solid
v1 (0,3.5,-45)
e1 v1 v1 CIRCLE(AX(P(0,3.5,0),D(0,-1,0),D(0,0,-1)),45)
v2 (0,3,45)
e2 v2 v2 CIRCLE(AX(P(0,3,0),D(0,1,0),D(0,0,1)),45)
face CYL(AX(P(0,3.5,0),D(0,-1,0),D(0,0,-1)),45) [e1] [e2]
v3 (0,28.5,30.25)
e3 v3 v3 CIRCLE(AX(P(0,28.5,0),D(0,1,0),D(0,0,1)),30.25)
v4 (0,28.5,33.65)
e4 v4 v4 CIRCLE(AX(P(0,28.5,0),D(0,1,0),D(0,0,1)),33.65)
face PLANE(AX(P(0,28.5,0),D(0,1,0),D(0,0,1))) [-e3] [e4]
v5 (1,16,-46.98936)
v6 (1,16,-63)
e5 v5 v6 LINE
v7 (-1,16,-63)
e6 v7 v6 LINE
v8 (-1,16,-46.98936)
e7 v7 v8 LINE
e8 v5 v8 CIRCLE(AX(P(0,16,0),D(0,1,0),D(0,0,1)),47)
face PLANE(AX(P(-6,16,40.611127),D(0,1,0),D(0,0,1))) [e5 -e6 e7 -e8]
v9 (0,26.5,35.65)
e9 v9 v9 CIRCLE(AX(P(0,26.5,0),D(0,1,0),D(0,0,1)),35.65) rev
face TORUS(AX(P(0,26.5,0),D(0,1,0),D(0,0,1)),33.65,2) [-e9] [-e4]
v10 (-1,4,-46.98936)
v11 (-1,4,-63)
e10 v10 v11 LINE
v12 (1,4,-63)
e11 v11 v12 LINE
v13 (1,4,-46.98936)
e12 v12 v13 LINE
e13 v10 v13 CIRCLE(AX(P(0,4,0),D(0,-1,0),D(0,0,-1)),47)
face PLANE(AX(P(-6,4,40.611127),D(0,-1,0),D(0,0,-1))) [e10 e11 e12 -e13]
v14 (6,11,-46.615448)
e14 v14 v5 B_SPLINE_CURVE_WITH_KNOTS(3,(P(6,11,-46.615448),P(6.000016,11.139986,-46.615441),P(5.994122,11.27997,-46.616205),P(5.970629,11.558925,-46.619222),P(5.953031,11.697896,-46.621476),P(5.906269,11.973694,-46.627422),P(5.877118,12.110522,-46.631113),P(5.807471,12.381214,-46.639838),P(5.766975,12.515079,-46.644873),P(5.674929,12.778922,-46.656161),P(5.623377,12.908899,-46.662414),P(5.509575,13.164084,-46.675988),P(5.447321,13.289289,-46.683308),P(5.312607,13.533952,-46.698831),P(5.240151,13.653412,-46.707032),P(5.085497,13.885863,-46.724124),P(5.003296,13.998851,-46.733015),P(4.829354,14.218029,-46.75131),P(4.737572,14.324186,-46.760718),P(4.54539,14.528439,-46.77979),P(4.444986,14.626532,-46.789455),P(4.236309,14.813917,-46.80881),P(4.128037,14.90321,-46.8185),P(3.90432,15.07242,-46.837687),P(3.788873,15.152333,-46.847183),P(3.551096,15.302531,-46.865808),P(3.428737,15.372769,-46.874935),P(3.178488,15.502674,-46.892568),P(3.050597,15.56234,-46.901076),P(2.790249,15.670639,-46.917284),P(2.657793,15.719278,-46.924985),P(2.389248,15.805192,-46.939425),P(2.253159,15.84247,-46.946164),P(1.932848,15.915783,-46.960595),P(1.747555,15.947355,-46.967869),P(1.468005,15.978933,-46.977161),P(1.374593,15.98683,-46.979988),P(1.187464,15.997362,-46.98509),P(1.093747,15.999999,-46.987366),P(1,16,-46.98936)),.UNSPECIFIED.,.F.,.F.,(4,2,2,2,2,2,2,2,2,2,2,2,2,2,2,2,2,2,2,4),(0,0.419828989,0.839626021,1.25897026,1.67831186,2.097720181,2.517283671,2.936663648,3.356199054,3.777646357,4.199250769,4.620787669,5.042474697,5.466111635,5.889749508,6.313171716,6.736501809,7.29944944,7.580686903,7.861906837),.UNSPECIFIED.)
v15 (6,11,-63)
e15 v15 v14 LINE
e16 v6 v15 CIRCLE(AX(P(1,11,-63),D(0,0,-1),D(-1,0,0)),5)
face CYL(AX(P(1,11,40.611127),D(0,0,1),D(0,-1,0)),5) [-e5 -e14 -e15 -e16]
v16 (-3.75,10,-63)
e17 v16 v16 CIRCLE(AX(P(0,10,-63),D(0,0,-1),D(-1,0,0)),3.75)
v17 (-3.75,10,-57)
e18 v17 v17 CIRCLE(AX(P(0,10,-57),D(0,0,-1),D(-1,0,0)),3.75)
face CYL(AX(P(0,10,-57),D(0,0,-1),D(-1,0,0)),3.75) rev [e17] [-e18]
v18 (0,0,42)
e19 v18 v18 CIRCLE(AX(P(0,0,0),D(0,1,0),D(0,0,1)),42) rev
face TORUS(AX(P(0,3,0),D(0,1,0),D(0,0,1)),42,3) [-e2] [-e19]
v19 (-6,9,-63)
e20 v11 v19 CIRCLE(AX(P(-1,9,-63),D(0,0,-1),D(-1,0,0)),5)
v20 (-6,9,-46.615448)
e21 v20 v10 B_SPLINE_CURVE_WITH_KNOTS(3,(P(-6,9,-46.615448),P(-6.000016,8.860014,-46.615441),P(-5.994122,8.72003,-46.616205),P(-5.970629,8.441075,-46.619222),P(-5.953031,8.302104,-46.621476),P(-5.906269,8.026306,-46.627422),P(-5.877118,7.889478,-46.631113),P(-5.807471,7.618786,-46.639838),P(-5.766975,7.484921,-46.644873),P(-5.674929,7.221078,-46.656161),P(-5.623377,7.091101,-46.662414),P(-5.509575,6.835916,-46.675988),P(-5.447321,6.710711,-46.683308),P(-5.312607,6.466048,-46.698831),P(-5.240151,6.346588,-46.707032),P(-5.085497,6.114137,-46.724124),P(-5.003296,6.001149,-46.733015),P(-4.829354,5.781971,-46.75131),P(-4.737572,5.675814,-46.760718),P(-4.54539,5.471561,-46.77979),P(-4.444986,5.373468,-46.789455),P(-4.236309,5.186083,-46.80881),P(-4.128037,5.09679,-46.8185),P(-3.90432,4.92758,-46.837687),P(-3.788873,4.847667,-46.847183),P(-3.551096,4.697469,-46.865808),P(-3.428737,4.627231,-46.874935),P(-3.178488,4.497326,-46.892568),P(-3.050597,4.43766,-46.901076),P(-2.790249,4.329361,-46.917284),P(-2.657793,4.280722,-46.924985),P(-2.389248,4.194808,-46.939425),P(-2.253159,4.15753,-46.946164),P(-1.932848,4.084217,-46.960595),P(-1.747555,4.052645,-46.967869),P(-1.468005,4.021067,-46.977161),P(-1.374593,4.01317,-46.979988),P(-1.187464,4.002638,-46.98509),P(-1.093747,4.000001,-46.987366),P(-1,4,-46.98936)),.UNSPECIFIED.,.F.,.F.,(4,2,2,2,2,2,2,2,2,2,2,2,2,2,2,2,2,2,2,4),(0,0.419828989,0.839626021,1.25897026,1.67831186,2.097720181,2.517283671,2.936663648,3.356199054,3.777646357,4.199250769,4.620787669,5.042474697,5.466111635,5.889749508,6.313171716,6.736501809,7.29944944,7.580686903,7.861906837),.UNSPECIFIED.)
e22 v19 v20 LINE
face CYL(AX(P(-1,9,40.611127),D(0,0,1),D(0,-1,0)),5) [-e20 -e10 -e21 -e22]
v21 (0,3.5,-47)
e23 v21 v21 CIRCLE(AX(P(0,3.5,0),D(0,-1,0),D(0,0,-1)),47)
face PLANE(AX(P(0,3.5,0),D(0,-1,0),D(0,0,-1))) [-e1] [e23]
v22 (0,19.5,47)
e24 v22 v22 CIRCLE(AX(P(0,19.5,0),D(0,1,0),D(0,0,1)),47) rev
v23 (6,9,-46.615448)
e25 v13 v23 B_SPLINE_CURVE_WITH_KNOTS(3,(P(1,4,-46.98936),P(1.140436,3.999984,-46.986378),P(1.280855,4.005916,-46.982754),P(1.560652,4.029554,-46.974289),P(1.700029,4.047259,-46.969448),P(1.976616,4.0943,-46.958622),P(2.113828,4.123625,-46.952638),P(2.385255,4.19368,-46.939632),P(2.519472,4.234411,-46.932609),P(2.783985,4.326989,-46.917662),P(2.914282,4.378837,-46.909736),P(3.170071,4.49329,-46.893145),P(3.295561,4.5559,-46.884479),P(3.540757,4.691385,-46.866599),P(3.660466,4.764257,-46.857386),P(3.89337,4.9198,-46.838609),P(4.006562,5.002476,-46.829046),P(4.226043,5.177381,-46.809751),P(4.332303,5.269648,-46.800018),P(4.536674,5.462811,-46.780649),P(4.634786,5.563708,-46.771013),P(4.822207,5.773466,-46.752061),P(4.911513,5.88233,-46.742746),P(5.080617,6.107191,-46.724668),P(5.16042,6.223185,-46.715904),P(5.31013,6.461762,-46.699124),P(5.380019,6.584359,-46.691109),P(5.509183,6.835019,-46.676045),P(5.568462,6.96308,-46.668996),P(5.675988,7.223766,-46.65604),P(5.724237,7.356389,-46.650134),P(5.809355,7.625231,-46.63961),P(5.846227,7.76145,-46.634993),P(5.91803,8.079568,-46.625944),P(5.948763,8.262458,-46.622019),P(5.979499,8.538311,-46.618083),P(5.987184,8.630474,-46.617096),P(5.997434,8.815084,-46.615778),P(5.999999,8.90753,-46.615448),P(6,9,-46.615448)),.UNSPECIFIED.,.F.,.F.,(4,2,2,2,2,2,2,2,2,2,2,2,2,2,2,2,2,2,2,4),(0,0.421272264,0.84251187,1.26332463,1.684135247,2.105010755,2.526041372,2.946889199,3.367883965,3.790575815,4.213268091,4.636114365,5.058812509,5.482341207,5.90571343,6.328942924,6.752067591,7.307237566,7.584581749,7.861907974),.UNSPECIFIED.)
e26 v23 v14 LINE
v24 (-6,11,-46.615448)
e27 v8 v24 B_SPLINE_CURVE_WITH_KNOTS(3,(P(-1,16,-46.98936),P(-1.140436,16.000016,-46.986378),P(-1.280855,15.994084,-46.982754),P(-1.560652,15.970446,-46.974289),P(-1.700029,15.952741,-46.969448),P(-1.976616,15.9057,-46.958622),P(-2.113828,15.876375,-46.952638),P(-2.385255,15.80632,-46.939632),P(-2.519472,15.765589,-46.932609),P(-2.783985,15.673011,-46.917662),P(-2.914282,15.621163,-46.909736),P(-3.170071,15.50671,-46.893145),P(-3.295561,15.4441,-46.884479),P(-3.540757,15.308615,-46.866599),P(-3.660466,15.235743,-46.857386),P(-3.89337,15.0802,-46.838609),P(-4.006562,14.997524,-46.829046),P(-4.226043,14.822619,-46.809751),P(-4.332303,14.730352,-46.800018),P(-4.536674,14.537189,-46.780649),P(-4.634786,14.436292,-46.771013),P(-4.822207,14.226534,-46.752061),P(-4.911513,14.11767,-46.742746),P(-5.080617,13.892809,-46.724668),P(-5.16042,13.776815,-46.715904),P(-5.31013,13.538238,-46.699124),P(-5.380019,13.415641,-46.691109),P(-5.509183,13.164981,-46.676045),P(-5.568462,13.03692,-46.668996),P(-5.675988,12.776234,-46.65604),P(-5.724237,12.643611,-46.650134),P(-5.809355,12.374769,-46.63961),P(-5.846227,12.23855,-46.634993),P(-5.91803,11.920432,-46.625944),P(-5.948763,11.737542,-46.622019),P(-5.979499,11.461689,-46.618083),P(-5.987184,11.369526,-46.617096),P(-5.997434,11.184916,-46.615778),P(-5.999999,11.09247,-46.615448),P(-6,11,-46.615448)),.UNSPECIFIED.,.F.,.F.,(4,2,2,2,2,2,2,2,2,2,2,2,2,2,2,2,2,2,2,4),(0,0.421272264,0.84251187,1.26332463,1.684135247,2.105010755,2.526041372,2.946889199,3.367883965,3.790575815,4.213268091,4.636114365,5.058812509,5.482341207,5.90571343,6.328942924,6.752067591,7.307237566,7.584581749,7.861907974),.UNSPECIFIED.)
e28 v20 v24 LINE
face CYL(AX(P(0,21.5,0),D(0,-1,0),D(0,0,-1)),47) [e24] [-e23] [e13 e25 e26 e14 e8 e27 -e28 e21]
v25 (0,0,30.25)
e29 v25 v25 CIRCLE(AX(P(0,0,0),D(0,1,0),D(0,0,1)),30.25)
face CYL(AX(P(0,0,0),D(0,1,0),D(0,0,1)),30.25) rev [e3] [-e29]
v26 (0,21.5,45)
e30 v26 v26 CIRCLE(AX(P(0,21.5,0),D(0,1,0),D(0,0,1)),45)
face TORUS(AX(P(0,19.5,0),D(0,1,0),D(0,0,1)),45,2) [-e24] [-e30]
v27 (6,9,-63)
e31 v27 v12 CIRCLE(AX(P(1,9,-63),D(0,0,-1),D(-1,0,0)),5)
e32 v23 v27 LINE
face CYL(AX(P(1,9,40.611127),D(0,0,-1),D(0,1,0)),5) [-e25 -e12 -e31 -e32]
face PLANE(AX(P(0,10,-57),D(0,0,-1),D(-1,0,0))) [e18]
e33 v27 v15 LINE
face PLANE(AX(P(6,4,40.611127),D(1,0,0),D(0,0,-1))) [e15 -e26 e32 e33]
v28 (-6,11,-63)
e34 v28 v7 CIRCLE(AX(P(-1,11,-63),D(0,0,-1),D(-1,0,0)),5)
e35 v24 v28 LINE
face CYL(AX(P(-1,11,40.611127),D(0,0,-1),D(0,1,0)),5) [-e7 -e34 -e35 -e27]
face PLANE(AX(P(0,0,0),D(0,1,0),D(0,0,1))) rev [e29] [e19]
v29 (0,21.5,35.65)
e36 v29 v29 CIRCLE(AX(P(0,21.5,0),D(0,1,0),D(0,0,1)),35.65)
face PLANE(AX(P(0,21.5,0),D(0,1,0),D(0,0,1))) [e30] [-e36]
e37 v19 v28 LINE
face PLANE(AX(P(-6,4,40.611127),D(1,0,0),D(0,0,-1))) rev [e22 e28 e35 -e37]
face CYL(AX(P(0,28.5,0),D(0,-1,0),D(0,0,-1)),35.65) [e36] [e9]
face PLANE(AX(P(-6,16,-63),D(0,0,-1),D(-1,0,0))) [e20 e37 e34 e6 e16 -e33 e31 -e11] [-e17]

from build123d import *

# Parameters (mm, degrees)
SKETCH_1_R           = 47
EXTRUDE_1_DEPTH      = 21.5
SKETCH_2_R           = 35.65
EXTRUDE_2_DEPTH      = 7
SKETCH_3_R           = 30.25
CUT_EXTRUDE_1_DEPTH  = 73.320467366
FILLET_1_R           = 2
EXTRUDE_3_DEPTH      = 6
EXTRUDE_3_DEPTH_BACK = 6
SKETCH_4_W           = 103.611126825
SKETCH_4_H           = 12
CUT_EXTRUDE_3_DEPTH  = 81.212218521
FILLET_2_R           = 5
SKETCH_5_R           = 3.75
CUT_EXTRUDE_2_DEPTH  = 6
SKETCH_7_R           = 47
SKETCH_7_R_2         = 45
CUT_EXTRUDE_4_DEPTH  = 3.5
FILLET_3_R           = 3


with BuildPart() as part:
    # 草图1 → 凸台-拉伸1 (new body)
    with BuildSketch(Plane(origin=(0, 0, 0), x_dir=(1, 0, 0), z_dir=(0, 1, 0))):
        Circle(SKETCH_1_R)
    extrude(amount=EXTRUDE_1_DEPTH)

    # 草图2 → 凸台-拉伸2 (add)
    with BuildSketch(Plane(origin=(0, 21.5, 0), x_dir=(1, 0, 0), z_dir=(0, 1, 0))):
        Circle(SKETCH_2_R)
    extrude(amount=EXTRUDE_2_DEPTH)

    # 草图3 → 切除-拉伸1 (cut, through all)
    with BuildSketch(Plane(origin=(0, 28.5, 0), x_dir=(1, 0, 0), z_dir=(0, 1, 0))):
        Circle(SKETCH_3_R)
    extrude(amount=-CUT_EXTRUDE_1_DEPTH, mode=Mode.SUBTRACT)

    # 圆角1
    fillet_1_edges = [part.edges().sort_by_distance(p)[0] for p in [
        (-35.65, 28.5, 0),
        (-47, 21.5, 0),
    ]]
    fillet(fillet_1_edges, radius=FILLET_1_R)

    # 草图4 → 凸台-拉伸3 (add, two sides: drawn at the far end of the back side and taken through both)
    with BuildSketch(Plane(origin=(0, 0, 0), x_dir=(0, 0, -1), z_dir=(1, 0, 0)).offset(-EXTRUDE_3_DEPTH_BACK)):
        with Locations((11.194436588, 10)):
            Rectangle(SKETCH_4_W, SKETCH_4_H)
    extrude(amount=EXTRUDE_3_DEPTH + EXTRUDE_3_DEPTH_BACK)

    # 草图6 → 切除-拉伸3 (cut, through all)
    with BuildSketch(Plane(origin=(0, 16, 0), x_dir=(1, 0, 0), z_dir=(0, 1, 0))):
        with BuildLine():
            Line((-6, 29.648988178), (-6, -29.648988178))
            ThreePointArc((-6, -29.648988178), (0, -30.25), (6, -29.648988178))
            Line((6, -29.648988178), (6, 29.648988178))
            ThreePointArc((6, 29.648988178), (0, 30.25), (-6, 29.648988178))
        make_face()
    extrude(amount=-CUT_EXTRUDE_3_DEPTH, mode=Mode.SUBTRACT)

    # 圆角2
    fillet_2_edges = [part.edges().sort_by_distance(p)[0] for p in [
        (-6, 16, -54.807724042),
        (-6, 4, -54.807724042),
        (6, 4, -54.807724042),
        (6, 16, -54.807724042),
    ]]
    fillet(fillet_2_edges, radius=FILLET_2_R)

    # 草图5 → 切除-拉伸2 (cut)
    with BuildSketch(Plane(origin=(0, 0, -63), x_dir=(-1, 0, 0), z_dir=(0, 0, -1))):
        with Locations((0, 10)):
            Circle(SKETCH_5_R)
    extrude(amount=-CUT_EXTRUDE_2_DEPTH, mode=Mode.SUBTRACT)

    # 草图7 → 切除-拉伸4 (cut)
    with BuildSketch(Plane.XZ):
        Circle(SKETCH_7_R)
        Circle(SKETCH_7_R_2, mode=Mode.SUBTRACT)
    extrude(amount=-CUT_EXTRUDE_4_DEPTH, mode=Mode.SUBTRACT)

    # 圆角3
    fillet_3_edges = [part.edges().sort_by_distance(p)[0] for p in [
        (-45, 0, 0),
    ]]
    fillet(fillet_3_edges, radius=FILLET_3_R)


solid = part.part
